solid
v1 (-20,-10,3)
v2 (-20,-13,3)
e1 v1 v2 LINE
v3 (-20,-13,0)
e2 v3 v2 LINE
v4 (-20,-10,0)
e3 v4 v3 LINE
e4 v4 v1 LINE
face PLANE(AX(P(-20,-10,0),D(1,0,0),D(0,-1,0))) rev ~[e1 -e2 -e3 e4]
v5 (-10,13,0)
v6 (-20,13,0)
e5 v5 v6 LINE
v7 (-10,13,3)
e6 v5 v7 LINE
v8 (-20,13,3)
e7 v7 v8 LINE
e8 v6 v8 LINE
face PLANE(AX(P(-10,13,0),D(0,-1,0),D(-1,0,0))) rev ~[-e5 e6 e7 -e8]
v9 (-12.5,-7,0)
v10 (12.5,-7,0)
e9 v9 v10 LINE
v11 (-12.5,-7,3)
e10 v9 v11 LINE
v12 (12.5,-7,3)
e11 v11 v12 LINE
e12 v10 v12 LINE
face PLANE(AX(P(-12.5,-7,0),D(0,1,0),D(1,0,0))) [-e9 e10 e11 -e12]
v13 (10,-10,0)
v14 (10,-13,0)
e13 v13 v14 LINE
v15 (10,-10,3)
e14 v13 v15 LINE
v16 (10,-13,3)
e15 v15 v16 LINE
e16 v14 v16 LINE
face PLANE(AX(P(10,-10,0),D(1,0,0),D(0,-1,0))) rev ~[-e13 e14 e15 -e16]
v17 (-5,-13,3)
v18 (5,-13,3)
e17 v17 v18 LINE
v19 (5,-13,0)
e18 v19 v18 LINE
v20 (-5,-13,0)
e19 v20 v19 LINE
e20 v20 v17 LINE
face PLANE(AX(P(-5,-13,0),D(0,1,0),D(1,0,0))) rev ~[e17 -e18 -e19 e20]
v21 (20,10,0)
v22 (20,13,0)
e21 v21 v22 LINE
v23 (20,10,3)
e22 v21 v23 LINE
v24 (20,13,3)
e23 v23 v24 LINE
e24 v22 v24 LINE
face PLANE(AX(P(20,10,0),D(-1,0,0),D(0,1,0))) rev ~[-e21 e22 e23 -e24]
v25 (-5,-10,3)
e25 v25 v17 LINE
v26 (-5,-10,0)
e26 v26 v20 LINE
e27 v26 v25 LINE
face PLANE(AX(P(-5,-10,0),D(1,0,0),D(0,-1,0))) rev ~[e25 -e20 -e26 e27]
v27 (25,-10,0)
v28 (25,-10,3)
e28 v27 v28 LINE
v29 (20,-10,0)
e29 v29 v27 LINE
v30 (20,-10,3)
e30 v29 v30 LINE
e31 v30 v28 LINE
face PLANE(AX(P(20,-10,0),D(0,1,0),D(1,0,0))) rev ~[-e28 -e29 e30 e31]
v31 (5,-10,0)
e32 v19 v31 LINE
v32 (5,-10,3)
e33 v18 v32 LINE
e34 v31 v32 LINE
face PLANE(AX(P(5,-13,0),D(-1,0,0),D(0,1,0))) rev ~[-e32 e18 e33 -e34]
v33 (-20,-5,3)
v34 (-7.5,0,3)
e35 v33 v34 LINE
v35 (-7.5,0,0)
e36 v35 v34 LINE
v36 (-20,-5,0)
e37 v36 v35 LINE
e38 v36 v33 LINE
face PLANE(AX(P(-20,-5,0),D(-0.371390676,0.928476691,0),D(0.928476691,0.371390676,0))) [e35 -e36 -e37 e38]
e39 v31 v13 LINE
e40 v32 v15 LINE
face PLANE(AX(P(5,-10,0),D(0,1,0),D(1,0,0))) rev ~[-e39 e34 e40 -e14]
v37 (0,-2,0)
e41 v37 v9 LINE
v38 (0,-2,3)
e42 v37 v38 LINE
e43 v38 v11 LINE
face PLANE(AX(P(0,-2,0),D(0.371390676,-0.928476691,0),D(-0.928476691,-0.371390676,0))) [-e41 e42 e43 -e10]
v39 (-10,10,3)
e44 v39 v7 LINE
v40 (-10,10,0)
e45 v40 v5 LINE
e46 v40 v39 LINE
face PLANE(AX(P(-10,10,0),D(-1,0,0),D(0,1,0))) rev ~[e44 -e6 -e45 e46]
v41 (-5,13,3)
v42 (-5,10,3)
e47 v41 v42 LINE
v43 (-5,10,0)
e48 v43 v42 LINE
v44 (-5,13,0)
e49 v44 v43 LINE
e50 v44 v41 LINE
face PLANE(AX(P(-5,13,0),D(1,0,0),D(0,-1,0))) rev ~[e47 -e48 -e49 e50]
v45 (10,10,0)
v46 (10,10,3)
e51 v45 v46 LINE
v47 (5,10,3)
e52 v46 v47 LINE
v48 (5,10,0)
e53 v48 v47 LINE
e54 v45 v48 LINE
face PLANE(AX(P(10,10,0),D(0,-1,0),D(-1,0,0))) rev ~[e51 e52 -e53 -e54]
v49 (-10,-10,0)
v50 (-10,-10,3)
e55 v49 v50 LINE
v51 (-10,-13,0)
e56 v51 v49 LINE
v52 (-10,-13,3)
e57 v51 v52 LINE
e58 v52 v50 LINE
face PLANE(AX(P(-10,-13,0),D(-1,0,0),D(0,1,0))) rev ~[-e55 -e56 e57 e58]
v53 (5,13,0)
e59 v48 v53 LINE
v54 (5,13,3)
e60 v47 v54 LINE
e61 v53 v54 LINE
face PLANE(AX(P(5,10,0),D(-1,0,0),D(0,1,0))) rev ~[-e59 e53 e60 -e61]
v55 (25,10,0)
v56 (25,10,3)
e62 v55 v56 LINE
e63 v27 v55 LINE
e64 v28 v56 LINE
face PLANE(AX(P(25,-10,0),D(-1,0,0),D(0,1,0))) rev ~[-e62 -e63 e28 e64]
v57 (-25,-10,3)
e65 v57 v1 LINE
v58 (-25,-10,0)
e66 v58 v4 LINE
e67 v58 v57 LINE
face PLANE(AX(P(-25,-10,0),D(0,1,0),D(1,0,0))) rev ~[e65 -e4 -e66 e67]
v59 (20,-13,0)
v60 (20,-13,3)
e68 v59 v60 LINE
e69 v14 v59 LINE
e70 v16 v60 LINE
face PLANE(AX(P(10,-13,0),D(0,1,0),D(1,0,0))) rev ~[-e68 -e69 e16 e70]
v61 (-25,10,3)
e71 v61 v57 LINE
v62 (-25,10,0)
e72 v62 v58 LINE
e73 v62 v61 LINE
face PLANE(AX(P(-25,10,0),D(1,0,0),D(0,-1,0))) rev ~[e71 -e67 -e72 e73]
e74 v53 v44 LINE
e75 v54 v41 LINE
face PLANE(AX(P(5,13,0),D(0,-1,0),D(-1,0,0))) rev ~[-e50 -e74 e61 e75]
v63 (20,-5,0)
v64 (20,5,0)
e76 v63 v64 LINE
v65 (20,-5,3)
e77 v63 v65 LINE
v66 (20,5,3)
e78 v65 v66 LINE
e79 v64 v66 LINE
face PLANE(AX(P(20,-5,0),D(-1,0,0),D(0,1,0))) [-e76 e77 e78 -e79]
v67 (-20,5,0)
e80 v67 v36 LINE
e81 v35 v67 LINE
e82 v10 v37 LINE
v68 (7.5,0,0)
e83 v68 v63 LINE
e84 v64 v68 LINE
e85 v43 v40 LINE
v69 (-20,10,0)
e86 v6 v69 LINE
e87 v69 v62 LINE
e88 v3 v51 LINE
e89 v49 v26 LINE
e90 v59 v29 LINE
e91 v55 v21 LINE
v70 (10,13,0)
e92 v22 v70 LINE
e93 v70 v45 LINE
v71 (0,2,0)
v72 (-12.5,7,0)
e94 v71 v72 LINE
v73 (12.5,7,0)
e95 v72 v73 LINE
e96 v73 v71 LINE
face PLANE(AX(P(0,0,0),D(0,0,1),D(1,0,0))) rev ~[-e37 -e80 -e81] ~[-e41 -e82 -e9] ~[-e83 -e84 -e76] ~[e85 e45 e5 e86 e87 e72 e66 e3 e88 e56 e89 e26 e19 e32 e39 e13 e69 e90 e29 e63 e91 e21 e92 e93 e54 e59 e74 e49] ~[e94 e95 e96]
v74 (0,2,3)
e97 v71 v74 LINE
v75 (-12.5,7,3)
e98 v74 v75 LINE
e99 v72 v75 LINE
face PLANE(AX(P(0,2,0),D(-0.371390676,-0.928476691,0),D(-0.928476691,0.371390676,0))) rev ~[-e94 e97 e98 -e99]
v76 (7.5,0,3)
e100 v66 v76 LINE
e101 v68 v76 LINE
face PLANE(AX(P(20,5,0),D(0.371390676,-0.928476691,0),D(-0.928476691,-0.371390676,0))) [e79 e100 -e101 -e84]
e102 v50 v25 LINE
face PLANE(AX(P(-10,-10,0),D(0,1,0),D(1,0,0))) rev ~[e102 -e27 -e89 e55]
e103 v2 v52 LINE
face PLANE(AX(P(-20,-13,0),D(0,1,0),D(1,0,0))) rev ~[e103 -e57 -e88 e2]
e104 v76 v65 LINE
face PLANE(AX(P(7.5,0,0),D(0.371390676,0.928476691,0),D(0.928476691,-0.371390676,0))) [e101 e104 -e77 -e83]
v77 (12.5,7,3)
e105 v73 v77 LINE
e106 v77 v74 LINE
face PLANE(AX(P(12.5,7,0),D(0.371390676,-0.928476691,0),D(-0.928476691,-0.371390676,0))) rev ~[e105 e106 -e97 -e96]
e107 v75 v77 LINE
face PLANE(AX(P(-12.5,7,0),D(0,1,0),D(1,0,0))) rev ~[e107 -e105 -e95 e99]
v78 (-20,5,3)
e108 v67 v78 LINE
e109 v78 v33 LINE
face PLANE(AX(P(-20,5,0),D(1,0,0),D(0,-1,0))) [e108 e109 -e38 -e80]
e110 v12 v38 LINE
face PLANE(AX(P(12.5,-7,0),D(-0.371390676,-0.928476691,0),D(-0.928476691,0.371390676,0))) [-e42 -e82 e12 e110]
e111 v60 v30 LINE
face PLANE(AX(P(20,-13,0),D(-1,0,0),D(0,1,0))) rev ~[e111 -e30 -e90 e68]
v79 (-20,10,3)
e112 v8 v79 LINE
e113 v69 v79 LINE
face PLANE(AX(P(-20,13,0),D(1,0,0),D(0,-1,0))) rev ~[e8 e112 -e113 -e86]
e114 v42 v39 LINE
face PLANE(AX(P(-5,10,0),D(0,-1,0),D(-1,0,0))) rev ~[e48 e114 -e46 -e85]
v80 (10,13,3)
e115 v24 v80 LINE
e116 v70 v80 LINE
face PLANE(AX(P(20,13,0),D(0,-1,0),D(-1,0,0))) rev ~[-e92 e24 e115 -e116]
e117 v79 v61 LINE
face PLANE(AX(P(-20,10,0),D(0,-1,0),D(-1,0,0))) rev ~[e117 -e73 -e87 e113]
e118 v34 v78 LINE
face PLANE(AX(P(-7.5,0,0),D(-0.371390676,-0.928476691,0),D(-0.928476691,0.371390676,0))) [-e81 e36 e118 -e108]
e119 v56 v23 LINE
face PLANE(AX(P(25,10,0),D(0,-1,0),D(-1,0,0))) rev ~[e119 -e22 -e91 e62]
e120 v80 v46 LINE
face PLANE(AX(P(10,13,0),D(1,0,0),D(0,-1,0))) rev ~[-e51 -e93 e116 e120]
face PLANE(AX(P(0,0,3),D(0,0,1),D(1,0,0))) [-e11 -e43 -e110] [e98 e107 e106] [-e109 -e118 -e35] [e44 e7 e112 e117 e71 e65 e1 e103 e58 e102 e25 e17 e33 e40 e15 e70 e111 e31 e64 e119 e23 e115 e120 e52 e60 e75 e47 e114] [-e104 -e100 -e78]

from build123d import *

# Parameters (mm, degrees)
EXTRUDE_1_DEPTH = 3


with BuildPart() as part:
    # 草图1 → 凸台-拉伸1 (new body)
    with BuildSketch(Plane.XY):
        Polygon((-25, -10), (-20, -10), (-20, -13), (-10, -13), (-10, -10), (-5, -10), (-5, -13), (5, -13), (5, -10), (10, -10), (10, -13), (20, -13), (20, -10), (25, -10), (25, -8), (25, -2), (25, 2), (25, 8), (25, 10), (20, 10), (20, 13), (10, 13), (10, 10), (5, 10), (5, 13), (-5, 13), (-5, 10), (-10, 10), (-10, 13), (-20, 13), (-20, 10), (-25, 10), (-25, 8), (-25, 2), (-25, -2), (-25, -8), align=None)
        Polygon((-12.5, 7), (12.5, 7), (0, 2), align=None, mode=Mode.SUBTRACT)
        Polygon((20, -5), (20, 5), (7.5, 0), align=None, mode=Mode.SUBTRACT)
        Polygon((-12.5, -7), (12.5, -7), (0, -2), align=None, mode=Mode.SUBTRACT)
        Polygon((-20, -5), (-7.5, 0), (-20, 5), align=None, mode=Mode.SUBTRACT)
    extrude(amount=EXTRUDE_1_DEPTH)


solid = part.part
